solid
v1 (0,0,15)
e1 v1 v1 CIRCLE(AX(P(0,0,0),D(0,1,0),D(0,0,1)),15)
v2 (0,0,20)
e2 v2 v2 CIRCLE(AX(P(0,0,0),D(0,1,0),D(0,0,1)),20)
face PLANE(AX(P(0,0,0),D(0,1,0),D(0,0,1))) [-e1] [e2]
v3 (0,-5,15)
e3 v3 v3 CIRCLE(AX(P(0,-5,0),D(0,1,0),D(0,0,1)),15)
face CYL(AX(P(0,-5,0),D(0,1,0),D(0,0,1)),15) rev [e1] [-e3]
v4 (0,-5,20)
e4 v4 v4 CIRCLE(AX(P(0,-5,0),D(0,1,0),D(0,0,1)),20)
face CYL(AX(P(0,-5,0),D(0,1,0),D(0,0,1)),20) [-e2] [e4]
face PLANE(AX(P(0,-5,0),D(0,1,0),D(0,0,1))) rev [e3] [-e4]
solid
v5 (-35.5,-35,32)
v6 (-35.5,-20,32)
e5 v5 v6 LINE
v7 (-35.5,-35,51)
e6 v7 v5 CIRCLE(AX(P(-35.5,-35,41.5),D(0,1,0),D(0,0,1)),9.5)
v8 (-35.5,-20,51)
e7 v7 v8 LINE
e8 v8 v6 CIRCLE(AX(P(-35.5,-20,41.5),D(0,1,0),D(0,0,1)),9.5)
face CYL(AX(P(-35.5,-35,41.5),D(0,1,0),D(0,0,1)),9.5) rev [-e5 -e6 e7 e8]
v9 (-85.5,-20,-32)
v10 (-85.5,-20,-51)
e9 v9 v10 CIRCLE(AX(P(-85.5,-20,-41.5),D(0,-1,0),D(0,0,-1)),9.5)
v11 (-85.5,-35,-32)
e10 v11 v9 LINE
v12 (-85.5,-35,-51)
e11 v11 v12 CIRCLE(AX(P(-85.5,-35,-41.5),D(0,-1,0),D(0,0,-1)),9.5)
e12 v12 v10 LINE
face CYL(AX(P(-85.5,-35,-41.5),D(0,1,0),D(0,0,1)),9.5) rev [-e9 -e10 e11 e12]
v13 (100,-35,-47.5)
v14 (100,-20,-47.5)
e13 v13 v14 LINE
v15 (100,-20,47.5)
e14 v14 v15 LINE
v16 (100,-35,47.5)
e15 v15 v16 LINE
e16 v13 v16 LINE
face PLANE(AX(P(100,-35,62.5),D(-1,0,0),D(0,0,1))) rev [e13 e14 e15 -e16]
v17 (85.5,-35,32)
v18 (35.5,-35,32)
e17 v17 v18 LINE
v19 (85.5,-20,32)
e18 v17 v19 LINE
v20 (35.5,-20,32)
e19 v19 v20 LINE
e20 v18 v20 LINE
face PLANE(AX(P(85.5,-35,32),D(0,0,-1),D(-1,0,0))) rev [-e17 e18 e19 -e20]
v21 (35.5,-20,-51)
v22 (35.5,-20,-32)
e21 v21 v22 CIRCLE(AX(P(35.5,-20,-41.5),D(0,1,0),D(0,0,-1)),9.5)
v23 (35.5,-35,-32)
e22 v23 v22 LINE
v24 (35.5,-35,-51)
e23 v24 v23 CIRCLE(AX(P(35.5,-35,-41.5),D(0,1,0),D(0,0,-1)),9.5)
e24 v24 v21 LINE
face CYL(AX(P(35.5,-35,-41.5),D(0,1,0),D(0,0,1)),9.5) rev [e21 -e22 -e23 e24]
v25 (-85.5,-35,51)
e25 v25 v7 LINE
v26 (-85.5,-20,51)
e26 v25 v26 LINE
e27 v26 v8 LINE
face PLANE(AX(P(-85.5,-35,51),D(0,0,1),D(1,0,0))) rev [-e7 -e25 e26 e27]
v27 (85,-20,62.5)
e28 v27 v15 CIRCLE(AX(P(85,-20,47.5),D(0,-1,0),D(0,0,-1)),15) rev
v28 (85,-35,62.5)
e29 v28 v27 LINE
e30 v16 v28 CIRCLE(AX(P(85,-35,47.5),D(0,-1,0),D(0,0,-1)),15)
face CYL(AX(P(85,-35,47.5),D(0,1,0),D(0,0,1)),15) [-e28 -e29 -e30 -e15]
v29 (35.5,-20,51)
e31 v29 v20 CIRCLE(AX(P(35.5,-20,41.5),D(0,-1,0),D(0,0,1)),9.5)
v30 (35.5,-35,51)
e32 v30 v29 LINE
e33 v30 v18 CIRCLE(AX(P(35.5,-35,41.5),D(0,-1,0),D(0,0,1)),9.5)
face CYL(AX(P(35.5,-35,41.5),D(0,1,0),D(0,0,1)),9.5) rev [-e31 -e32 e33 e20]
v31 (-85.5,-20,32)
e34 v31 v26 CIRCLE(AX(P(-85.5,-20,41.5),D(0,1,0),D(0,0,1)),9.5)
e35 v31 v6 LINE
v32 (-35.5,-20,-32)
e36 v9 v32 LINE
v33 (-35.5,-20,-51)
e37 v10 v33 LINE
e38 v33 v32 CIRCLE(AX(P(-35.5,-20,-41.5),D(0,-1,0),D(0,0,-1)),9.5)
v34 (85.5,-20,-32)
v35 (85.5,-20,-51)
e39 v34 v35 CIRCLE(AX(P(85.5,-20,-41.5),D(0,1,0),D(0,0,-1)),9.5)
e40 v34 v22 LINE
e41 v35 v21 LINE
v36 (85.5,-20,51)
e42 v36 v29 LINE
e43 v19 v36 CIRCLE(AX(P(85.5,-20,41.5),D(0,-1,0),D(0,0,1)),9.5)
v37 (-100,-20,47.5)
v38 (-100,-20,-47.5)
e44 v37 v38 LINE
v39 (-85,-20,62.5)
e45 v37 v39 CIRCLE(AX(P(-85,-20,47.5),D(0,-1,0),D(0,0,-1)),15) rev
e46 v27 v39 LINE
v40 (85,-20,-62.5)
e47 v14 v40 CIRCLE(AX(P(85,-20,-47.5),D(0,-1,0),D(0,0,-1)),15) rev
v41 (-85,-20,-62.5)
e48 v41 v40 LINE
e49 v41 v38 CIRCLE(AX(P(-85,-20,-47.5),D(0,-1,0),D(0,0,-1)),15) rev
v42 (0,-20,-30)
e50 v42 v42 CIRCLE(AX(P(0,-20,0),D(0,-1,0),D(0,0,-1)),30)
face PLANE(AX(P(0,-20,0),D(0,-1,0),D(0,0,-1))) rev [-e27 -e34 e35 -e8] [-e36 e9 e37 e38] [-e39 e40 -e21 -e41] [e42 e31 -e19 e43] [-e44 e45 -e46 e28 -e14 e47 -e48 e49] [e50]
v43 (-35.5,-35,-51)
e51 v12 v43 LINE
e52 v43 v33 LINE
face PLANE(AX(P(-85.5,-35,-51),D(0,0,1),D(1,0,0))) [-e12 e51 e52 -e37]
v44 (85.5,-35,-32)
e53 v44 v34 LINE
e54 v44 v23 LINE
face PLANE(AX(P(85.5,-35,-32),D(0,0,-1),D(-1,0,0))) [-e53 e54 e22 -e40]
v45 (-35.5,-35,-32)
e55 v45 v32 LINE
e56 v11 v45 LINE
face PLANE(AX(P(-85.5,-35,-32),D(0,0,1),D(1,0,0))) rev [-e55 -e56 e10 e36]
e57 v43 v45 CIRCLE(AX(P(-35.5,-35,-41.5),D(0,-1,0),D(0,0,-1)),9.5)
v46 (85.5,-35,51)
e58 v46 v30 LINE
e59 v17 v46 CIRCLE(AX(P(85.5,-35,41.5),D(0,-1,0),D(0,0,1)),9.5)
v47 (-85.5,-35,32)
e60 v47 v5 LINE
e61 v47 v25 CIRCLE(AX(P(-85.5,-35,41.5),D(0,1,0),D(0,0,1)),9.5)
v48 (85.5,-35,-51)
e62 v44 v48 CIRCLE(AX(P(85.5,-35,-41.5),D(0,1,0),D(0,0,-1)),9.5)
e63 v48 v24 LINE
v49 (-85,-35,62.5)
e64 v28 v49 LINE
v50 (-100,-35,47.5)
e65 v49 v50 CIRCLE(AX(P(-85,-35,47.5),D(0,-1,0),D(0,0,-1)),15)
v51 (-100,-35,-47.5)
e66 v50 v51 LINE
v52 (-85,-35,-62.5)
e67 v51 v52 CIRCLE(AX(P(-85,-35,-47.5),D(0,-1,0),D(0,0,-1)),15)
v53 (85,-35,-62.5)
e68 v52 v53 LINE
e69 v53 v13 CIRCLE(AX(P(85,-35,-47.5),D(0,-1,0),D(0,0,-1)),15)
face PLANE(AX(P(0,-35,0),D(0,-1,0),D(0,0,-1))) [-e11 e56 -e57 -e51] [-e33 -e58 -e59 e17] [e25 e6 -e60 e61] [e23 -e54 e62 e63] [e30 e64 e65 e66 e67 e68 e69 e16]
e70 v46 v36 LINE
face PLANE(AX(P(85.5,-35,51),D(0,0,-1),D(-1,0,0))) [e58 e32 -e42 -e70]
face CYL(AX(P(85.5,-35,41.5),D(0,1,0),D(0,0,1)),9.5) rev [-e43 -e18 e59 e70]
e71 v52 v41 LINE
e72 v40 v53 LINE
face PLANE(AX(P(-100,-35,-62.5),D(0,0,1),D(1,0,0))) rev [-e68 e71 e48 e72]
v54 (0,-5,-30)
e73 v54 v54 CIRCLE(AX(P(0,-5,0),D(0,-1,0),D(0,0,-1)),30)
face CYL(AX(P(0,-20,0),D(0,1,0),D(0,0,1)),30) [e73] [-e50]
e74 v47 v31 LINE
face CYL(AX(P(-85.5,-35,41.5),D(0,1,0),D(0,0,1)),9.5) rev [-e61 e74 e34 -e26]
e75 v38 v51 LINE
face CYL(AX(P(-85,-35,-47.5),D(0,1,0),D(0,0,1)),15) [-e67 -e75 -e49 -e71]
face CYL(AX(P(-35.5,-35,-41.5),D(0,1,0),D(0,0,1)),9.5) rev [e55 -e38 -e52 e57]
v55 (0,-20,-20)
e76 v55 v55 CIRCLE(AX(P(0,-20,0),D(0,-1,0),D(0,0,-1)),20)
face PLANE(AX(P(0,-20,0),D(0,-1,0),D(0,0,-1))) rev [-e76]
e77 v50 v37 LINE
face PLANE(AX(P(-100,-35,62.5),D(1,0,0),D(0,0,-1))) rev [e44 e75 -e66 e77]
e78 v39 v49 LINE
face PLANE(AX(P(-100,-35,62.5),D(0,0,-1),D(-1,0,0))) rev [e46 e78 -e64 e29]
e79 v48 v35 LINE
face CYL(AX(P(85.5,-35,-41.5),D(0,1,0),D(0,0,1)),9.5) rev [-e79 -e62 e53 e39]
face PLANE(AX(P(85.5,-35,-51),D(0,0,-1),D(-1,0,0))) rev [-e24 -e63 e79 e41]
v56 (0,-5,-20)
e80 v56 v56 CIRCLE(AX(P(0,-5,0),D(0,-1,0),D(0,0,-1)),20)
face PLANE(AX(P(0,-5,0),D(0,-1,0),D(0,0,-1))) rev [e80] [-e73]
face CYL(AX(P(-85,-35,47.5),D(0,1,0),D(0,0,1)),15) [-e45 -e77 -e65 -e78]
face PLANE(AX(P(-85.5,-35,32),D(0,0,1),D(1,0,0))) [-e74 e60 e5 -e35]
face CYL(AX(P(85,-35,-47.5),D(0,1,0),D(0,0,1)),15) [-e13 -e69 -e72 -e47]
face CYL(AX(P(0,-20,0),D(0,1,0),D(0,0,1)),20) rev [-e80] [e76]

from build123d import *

# Parameters (mm, degrees)
SKETCH2_R            = 20
SKETCH2_R_2          = 15
BOSS_EXTRUDE1_DEPTH  = 5
SKETCH3_R            = 30
SKETCH3_R_2          = 20
BOSS_EXTRUDE2_DEPTH  = 15
SKETCH4_W            = 200
SKETCH4_H            = 125
BOSS_EXTRUDE3_DEPTH  = 15
FILLET1_R            = 15
CUT_EXTRUDE1_DEPTH   = 120.608737139
MIRROR2_COPY_1_DEPTH = 120.608737139


with BuildPart() as part:
    # Sketch2 → Boss-Extrude1 (new body)
    with BuildSketch(Plane(origin=(0, 0, 0), x_dir=(1, 0, 0), z_dir=(0, 1, 0))):
        with Locations(Location((0, 0, 0), (0, 0, 270))):
            Circle(SKETCH2_R)
        with Locations(Location((0, 0, 0), (0, 0, 270))):
            Circle(SKETCH2_R_2, mode=Mode.SUBTRACT)
    extrude(amount=-BOSS_EXTRUDE1_DEPTH)


with BuildPart() as body_2:
    # Sketch3 → Boss-Extrude2 (new body)
    with BuildSketch(Plane.XZ.offset(5)):
        with Locations(Location((0, 0, 0), (0, 0, 270))):
            Circle(SKETCH3_R)
        with Locations(Location((0, 0, 0), (0, 0, 270))):
            Circle(SKETCH3_R_2, mode=Mode.SUBTRACT)
    extrude(amount=BOSS_EXTRUDE2_DEPTH)

    # Sketch4 → Boss-Extrude3 (add)
    with BuildSketch(Plane.XZ.offset(20)):
        Rectangle(SKETCH4_W, SKETCH4_H)
    extrude(amount=BOSS_EXTRUDE3_DEPTH)

    # Fillet1
    fillet1_edges = [body_2.edges().sort_by_distance(p)[0] for p in [
        (100, -27.5, -62.5),
        (100, -27.5, 62.5),
        (-100, -27.5, 62.5),
        (-100, -27.5, -62.5),
    ]]
    fillet(fillet1_edges, radius=FILLET1_R)

    # Sketch5 → Cut-Extrude1 (cut, through all)
    with BuildSketch(Plane(origin=(0, -20, 0), x_dir=(1, 0, 0), z_dir=(0, 1, 0))):
        with BuildLine():
            Line((-85.5, -32), (-35.5, -32))
            ThreePointArc((-35.5, -32), (-26, -41.5), (-35.5, -51))
            Line((-35.5, -51), (-85.5, -51))
            ThreePointArc((-85.5, -51), (-95, -41.5), (-85.5, -32))
        make_face()
    cut_extrude1 = extrude(amount=-CUT_EXTRUDE1_DEPTH, mode=Mode.SUBTRACT)

    # Mirror1: Cut-Extrude1 across plane
    add(cut_extrude1.mirror(Plane.XY), mode=Mode.SUBTRACT)

    # Mirror2: Cut-Extrude1 across plane
    add(cut_extrude1.mirror(Plane(origin=(0, 0, 0), x_dir=(0, 0, 1), z_dir=(1, 0, 0))), mode=Mode.SUBTRACT)

    # Mirror2 copy 1 sketch → Mirror2 copy 1 (cut, through all)
    with BuildSketch(Plane(origin=(0, -20, 0), x_dir=(-1, 0, 0), z_dir=(0, 1, 0))):
        with BuildLine():
            Line((-85.5, -32), (-35.5, -32))
            ThreePointArc((-35.5, -32), (-26, -41.5), (-35.5, -51))
            Line((-35.5, -51), (-85.5, -51))
            ThreePointArc((-85.5, -51), (-95, -41.5), (-85.5, -32))
        make_face()
    extrude(amount=-MIRROR2_COPY_1_DEPTH, mode=Mode.SUBTRACT)


solid = Compound([part.part, body_2.part])
